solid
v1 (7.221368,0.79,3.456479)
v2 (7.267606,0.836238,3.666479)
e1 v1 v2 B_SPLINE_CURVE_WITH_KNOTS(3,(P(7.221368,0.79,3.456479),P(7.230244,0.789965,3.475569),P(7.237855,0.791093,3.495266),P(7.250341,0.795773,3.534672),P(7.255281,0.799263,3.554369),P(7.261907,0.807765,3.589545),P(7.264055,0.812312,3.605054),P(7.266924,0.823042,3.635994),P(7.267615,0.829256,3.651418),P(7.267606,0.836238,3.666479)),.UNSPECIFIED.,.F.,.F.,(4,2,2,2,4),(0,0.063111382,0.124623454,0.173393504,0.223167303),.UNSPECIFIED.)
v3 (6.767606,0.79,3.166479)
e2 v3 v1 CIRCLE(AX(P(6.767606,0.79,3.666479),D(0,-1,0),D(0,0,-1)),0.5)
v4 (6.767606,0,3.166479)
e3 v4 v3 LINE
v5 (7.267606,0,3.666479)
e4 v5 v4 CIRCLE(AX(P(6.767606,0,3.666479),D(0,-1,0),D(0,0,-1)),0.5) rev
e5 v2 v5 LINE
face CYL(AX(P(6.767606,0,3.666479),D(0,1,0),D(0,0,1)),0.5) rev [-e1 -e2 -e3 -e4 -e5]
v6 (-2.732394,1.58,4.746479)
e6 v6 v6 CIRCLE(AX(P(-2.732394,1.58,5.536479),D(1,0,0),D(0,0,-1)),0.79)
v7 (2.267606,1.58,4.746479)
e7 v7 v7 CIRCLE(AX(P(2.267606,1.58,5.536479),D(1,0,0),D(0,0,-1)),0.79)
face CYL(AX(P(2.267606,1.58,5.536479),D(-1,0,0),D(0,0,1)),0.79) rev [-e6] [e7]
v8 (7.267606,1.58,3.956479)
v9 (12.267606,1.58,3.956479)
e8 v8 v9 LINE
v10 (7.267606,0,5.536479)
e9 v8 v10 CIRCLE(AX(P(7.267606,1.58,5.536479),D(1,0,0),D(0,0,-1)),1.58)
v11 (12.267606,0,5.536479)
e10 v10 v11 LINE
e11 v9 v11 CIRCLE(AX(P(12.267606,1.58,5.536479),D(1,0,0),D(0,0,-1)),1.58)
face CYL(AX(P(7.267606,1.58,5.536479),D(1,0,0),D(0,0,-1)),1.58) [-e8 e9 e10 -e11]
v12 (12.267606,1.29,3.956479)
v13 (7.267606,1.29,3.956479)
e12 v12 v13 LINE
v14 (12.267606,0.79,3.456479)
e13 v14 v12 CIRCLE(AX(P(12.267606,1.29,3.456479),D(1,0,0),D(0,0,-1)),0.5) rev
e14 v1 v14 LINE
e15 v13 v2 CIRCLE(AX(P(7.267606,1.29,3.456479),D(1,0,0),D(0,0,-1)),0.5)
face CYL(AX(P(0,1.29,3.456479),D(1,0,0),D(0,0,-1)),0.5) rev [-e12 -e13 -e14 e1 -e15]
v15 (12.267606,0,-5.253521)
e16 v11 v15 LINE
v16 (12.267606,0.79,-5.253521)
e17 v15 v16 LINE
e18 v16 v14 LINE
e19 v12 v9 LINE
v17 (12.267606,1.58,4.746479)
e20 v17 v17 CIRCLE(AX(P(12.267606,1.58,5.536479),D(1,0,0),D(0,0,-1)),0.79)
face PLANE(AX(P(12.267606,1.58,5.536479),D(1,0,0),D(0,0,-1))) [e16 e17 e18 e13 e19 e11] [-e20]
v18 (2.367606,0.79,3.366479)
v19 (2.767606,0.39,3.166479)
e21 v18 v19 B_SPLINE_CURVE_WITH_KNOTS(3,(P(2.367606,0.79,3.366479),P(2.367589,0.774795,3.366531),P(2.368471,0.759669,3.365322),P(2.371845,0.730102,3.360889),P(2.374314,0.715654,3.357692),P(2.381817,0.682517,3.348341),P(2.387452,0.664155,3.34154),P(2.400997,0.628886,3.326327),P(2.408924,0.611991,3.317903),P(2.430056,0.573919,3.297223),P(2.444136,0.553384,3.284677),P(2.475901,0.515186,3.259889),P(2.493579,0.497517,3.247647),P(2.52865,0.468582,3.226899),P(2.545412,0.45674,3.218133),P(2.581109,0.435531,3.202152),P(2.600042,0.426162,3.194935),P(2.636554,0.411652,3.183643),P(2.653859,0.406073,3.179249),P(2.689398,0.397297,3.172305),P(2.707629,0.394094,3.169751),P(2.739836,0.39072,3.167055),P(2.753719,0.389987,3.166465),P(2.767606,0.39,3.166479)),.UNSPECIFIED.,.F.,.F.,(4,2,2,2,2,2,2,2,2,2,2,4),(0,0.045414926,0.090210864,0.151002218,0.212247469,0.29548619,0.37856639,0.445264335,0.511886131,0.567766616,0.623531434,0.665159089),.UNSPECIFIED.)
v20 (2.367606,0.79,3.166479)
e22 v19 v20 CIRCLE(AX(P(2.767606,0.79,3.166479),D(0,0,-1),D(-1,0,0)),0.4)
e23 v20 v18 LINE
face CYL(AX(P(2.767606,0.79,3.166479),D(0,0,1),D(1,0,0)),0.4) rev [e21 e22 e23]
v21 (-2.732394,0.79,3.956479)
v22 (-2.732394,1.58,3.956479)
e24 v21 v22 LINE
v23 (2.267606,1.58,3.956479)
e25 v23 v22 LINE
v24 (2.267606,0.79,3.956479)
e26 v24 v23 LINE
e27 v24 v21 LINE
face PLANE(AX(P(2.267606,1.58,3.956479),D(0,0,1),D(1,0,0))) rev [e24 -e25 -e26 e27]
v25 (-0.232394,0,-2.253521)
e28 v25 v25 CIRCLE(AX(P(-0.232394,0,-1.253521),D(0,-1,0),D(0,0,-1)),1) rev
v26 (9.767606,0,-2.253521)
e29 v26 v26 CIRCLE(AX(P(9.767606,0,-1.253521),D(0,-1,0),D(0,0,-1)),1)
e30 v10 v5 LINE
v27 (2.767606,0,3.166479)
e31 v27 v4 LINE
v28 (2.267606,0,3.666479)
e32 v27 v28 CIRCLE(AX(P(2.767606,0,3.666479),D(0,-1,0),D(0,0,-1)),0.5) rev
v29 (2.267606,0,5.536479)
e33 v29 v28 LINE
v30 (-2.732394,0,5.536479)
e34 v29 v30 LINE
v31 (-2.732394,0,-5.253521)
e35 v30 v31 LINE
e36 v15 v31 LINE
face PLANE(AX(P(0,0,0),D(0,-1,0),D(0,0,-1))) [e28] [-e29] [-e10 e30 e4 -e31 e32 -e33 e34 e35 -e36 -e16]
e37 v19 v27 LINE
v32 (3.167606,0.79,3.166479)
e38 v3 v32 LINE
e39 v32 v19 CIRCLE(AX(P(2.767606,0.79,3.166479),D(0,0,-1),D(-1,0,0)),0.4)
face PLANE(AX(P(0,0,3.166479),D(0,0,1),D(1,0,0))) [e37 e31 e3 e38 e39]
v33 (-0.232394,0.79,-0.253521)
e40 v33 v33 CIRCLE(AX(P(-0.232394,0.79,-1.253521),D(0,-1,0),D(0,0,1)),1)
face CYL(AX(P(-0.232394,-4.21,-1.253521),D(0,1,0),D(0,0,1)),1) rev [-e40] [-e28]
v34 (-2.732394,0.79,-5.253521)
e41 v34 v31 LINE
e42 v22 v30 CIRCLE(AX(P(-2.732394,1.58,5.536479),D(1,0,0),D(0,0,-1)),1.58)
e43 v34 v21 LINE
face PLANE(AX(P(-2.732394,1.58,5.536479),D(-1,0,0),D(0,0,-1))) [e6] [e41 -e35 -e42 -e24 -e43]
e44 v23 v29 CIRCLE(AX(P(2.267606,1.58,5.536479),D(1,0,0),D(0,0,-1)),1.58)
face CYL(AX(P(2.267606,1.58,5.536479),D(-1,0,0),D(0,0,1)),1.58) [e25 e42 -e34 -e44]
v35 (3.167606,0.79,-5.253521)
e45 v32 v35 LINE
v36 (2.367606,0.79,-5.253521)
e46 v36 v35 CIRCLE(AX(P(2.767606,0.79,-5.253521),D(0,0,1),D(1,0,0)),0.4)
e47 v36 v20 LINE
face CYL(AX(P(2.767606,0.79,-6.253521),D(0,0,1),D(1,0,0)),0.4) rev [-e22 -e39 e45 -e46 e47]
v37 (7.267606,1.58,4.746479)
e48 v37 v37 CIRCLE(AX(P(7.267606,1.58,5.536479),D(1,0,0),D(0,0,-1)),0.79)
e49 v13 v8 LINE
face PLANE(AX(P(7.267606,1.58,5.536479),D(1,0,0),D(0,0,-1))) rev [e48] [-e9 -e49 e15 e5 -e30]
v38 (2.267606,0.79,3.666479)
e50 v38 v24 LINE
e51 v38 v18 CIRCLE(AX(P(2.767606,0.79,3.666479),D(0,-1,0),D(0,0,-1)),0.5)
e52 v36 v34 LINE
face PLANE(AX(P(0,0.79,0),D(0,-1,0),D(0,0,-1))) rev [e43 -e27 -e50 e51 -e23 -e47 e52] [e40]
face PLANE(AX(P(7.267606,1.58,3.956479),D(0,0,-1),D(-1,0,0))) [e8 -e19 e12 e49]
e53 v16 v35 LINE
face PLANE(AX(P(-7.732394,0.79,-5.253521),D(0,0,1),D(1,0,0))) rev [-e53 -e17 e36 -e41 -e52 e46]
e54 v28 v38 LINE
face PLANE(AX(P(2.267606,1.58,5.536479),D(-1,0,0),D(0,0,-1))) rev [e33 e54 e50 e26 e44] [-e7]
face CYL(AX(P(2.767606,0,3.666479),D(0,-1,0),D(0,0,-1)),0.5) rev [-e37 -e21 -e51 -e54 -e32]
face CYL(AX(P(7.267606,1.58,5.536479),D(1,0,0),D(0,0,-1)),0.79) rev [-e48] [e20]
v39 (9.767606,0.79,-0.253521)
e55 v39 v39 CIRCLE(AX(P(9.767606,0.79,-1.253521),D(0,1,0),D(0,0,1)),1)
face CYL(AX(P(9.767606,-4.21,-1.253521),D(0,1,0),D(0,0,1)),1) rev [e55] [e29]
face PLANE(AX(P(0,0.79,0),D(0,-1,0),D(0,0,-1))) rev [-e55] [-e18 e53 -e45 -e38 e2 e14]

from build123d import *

# Parameters (mm, degrees)
SKETCH1_W              = 25
SKETCH1_H              = 10
BASE_PLATE_DEPTH       = 0.79
SKETCH5_R              = 0.79
PIN_HOLDER_DEPTH       = 5
FILLET1_R              = 0.5
SKETCH6_R              = 1
SCREW_HOLES_DEPTH      = 5
SKETCH7_W              = 5
SKETCH7_H              = 0.79
HINGE_GROOVES_DEPTH    = 1.58
FILLET2_R              = 0.5
SKETCH8_R              = 0.4
SKETCH10_W             = 8.42
SKETCH10_H             = 0.79
EXTERNAL_CUTOFF_DEPTH  = 5
SKETCH11_W             = 8.42
SKETCH11_H             = 0.79
EXTERNAL_CUTOFF2_DEPTH = 5


with BuildPart() as part:
    # Sketch1 → Base Plate (new body)
    with BuildSketch(Plane(origin=(0, 0, 0), x_dir=(1, 0, 0), z_dir=(0, 1, 0))):
        with Locations((4.767605634, 0.253521127)):
            Rectangle(SKETCH1_W, SKETCH1_H)
    extrude(amount=BASE_PLATE_DEPTH)

    # Sketch5 → Pin Holder (add)
    with BuildSketch(Plane(origin=(12.267605634, 0, 0), x_dir=(0, 0, -1), z_dir=(1, 0, 0))):
        with BuildLine():
            Line((-3.956478873, 1.58), (-3.956478873, 0.79))
            ThreePointArc((-3.956478873, 0.79), (-4.187864516, 0.231385643), (-4.746478873, 0))
            Line((-4.746478873, 0), (-5.536478873, 0))
            ThreePointArc((-5.536478873, 0), (-6.653707588, 2.697228714), (-3.956478873, 1.58))
        make_face()
        with Locations((-5.536478873, 1.58)):
            Circle(SKETCH5_R, mode=Mode.SUBTRACT)
    pin_holder = extrude(amount=-PIN_HOLDER_DEPTH)

    # Fillet1
    fillet1_edges = [part.edges().sort_by_distance(p)[0] for p in [
        (9.767605634, 0.79, 3.956478873),
    ]]
    fillet(fillet1_edges, radius=FILLET1_R)

    # Sketch6 → Screw Holes (cut)
    with BuildSketch(Plane(origin=(0, 0.79, 0), x_dir=(1, 0, 0), z_dir=(0, 1, 0))):
        with Locations(Location((9.767605634, 1.253521127, 0), (0, 0, 270))):
            Circle(SKETCH6_R)
    screw_holes = extrude(amount=-SCREW_HOLES_DEPTH, mode=Mode.SUBTRACT)

    # Mirror1: Pin Holder, Screw Holes across plane
    add(pin_holder.mirror(Plane(origin=(4.767605634, 0, 0), x_dir=(0, 0, 1), z_dir=(1, 0, 0))))
    add(screw_holes.mirror(Plane(origin=(4.767605634, 0, 0), x_dir=(0, 0, 1), z_dir=(1, 0, 0))), mode=Mode.SUBTRACT)

    # Sketch7 → Hinge Grooves (cut)
    with BuildSketch(Plane.XY.offset(4.746478873)):
        with Locations((14.767605634, 0.395)):
            Rectangle(SKETCH7_W, SKETCH7_H)
        with Locations((4.767605634, 0.395)):
            Rectangle(SKETCH7_W, SKETCH7_H)
        with Locations((-5.232394366, 0.395)):
            Rectangle(SKETCH7_W, SKETCH7_H)
    extrude(amount=-HINGE_GROOVES_DEPTH, mode=Mode.SUBTRACT)

    # Fillet2
    fillet2_edges = [part.edges().sort_by_distance(p)[0] for p in [
        (7.267605634, 0.395, 3.166478873),
        (2.267605634, 0.395, 3.166478873),
    ]]
    fillet(fillet2_edges, radius=FILLET2_R)

    # Wire Groove: sweep along a path in Sketch9
    with BuildLine(Plane.XZ) as wire_groove_path:
        Line((2.767605634, -5.253521127), (2.767605634, 3.166478873))
        Line((2.767605634, 3.166478873), (2.767605634, 3.884059602))
    # Sketch8 → Wire Groove (sweep, cut)
    with BuildSketch(Plane(origin=(0, 0, -5.253521127), x_dir=(-1, 0, 0), z_dir=(0, 0, -1))):
        with Locations((-2.767605634, 0.79)):
            Circle(SKETCH8_R)
    sweep(path=wire_groove_path.line, mode=Mode.SUBTRACT)

    # Sketch10 → External Cutoff (cut)
    with BuildSketch(Plane.ZY.offset(7.732394366)):
        with Locations((-1.043521127, 0.395)):
            Rectangle(SKETCH10_W, SKETCH10_H)
    extrude(amount=-EXTERNAL_CUTOFF_DEPTH, mode=Mode.SUBTRACT)

    # Sketch11 → External Cutoff2 (cut)
    with BuildSketch(Plane(origin=(17.267605634, 0, 0), x_dir=(0, 0, -1), z_dir=(1, 0, 0))):
        with Locations((1.043521127, 0.395)):
            Rectangle(SKETCH11_W, SKETCH11_H)
    extrude(amount=-EXTERNAL_CUTOFF2_DEPTH, mode=Mode.SUBTRACT)


solid = part.part
